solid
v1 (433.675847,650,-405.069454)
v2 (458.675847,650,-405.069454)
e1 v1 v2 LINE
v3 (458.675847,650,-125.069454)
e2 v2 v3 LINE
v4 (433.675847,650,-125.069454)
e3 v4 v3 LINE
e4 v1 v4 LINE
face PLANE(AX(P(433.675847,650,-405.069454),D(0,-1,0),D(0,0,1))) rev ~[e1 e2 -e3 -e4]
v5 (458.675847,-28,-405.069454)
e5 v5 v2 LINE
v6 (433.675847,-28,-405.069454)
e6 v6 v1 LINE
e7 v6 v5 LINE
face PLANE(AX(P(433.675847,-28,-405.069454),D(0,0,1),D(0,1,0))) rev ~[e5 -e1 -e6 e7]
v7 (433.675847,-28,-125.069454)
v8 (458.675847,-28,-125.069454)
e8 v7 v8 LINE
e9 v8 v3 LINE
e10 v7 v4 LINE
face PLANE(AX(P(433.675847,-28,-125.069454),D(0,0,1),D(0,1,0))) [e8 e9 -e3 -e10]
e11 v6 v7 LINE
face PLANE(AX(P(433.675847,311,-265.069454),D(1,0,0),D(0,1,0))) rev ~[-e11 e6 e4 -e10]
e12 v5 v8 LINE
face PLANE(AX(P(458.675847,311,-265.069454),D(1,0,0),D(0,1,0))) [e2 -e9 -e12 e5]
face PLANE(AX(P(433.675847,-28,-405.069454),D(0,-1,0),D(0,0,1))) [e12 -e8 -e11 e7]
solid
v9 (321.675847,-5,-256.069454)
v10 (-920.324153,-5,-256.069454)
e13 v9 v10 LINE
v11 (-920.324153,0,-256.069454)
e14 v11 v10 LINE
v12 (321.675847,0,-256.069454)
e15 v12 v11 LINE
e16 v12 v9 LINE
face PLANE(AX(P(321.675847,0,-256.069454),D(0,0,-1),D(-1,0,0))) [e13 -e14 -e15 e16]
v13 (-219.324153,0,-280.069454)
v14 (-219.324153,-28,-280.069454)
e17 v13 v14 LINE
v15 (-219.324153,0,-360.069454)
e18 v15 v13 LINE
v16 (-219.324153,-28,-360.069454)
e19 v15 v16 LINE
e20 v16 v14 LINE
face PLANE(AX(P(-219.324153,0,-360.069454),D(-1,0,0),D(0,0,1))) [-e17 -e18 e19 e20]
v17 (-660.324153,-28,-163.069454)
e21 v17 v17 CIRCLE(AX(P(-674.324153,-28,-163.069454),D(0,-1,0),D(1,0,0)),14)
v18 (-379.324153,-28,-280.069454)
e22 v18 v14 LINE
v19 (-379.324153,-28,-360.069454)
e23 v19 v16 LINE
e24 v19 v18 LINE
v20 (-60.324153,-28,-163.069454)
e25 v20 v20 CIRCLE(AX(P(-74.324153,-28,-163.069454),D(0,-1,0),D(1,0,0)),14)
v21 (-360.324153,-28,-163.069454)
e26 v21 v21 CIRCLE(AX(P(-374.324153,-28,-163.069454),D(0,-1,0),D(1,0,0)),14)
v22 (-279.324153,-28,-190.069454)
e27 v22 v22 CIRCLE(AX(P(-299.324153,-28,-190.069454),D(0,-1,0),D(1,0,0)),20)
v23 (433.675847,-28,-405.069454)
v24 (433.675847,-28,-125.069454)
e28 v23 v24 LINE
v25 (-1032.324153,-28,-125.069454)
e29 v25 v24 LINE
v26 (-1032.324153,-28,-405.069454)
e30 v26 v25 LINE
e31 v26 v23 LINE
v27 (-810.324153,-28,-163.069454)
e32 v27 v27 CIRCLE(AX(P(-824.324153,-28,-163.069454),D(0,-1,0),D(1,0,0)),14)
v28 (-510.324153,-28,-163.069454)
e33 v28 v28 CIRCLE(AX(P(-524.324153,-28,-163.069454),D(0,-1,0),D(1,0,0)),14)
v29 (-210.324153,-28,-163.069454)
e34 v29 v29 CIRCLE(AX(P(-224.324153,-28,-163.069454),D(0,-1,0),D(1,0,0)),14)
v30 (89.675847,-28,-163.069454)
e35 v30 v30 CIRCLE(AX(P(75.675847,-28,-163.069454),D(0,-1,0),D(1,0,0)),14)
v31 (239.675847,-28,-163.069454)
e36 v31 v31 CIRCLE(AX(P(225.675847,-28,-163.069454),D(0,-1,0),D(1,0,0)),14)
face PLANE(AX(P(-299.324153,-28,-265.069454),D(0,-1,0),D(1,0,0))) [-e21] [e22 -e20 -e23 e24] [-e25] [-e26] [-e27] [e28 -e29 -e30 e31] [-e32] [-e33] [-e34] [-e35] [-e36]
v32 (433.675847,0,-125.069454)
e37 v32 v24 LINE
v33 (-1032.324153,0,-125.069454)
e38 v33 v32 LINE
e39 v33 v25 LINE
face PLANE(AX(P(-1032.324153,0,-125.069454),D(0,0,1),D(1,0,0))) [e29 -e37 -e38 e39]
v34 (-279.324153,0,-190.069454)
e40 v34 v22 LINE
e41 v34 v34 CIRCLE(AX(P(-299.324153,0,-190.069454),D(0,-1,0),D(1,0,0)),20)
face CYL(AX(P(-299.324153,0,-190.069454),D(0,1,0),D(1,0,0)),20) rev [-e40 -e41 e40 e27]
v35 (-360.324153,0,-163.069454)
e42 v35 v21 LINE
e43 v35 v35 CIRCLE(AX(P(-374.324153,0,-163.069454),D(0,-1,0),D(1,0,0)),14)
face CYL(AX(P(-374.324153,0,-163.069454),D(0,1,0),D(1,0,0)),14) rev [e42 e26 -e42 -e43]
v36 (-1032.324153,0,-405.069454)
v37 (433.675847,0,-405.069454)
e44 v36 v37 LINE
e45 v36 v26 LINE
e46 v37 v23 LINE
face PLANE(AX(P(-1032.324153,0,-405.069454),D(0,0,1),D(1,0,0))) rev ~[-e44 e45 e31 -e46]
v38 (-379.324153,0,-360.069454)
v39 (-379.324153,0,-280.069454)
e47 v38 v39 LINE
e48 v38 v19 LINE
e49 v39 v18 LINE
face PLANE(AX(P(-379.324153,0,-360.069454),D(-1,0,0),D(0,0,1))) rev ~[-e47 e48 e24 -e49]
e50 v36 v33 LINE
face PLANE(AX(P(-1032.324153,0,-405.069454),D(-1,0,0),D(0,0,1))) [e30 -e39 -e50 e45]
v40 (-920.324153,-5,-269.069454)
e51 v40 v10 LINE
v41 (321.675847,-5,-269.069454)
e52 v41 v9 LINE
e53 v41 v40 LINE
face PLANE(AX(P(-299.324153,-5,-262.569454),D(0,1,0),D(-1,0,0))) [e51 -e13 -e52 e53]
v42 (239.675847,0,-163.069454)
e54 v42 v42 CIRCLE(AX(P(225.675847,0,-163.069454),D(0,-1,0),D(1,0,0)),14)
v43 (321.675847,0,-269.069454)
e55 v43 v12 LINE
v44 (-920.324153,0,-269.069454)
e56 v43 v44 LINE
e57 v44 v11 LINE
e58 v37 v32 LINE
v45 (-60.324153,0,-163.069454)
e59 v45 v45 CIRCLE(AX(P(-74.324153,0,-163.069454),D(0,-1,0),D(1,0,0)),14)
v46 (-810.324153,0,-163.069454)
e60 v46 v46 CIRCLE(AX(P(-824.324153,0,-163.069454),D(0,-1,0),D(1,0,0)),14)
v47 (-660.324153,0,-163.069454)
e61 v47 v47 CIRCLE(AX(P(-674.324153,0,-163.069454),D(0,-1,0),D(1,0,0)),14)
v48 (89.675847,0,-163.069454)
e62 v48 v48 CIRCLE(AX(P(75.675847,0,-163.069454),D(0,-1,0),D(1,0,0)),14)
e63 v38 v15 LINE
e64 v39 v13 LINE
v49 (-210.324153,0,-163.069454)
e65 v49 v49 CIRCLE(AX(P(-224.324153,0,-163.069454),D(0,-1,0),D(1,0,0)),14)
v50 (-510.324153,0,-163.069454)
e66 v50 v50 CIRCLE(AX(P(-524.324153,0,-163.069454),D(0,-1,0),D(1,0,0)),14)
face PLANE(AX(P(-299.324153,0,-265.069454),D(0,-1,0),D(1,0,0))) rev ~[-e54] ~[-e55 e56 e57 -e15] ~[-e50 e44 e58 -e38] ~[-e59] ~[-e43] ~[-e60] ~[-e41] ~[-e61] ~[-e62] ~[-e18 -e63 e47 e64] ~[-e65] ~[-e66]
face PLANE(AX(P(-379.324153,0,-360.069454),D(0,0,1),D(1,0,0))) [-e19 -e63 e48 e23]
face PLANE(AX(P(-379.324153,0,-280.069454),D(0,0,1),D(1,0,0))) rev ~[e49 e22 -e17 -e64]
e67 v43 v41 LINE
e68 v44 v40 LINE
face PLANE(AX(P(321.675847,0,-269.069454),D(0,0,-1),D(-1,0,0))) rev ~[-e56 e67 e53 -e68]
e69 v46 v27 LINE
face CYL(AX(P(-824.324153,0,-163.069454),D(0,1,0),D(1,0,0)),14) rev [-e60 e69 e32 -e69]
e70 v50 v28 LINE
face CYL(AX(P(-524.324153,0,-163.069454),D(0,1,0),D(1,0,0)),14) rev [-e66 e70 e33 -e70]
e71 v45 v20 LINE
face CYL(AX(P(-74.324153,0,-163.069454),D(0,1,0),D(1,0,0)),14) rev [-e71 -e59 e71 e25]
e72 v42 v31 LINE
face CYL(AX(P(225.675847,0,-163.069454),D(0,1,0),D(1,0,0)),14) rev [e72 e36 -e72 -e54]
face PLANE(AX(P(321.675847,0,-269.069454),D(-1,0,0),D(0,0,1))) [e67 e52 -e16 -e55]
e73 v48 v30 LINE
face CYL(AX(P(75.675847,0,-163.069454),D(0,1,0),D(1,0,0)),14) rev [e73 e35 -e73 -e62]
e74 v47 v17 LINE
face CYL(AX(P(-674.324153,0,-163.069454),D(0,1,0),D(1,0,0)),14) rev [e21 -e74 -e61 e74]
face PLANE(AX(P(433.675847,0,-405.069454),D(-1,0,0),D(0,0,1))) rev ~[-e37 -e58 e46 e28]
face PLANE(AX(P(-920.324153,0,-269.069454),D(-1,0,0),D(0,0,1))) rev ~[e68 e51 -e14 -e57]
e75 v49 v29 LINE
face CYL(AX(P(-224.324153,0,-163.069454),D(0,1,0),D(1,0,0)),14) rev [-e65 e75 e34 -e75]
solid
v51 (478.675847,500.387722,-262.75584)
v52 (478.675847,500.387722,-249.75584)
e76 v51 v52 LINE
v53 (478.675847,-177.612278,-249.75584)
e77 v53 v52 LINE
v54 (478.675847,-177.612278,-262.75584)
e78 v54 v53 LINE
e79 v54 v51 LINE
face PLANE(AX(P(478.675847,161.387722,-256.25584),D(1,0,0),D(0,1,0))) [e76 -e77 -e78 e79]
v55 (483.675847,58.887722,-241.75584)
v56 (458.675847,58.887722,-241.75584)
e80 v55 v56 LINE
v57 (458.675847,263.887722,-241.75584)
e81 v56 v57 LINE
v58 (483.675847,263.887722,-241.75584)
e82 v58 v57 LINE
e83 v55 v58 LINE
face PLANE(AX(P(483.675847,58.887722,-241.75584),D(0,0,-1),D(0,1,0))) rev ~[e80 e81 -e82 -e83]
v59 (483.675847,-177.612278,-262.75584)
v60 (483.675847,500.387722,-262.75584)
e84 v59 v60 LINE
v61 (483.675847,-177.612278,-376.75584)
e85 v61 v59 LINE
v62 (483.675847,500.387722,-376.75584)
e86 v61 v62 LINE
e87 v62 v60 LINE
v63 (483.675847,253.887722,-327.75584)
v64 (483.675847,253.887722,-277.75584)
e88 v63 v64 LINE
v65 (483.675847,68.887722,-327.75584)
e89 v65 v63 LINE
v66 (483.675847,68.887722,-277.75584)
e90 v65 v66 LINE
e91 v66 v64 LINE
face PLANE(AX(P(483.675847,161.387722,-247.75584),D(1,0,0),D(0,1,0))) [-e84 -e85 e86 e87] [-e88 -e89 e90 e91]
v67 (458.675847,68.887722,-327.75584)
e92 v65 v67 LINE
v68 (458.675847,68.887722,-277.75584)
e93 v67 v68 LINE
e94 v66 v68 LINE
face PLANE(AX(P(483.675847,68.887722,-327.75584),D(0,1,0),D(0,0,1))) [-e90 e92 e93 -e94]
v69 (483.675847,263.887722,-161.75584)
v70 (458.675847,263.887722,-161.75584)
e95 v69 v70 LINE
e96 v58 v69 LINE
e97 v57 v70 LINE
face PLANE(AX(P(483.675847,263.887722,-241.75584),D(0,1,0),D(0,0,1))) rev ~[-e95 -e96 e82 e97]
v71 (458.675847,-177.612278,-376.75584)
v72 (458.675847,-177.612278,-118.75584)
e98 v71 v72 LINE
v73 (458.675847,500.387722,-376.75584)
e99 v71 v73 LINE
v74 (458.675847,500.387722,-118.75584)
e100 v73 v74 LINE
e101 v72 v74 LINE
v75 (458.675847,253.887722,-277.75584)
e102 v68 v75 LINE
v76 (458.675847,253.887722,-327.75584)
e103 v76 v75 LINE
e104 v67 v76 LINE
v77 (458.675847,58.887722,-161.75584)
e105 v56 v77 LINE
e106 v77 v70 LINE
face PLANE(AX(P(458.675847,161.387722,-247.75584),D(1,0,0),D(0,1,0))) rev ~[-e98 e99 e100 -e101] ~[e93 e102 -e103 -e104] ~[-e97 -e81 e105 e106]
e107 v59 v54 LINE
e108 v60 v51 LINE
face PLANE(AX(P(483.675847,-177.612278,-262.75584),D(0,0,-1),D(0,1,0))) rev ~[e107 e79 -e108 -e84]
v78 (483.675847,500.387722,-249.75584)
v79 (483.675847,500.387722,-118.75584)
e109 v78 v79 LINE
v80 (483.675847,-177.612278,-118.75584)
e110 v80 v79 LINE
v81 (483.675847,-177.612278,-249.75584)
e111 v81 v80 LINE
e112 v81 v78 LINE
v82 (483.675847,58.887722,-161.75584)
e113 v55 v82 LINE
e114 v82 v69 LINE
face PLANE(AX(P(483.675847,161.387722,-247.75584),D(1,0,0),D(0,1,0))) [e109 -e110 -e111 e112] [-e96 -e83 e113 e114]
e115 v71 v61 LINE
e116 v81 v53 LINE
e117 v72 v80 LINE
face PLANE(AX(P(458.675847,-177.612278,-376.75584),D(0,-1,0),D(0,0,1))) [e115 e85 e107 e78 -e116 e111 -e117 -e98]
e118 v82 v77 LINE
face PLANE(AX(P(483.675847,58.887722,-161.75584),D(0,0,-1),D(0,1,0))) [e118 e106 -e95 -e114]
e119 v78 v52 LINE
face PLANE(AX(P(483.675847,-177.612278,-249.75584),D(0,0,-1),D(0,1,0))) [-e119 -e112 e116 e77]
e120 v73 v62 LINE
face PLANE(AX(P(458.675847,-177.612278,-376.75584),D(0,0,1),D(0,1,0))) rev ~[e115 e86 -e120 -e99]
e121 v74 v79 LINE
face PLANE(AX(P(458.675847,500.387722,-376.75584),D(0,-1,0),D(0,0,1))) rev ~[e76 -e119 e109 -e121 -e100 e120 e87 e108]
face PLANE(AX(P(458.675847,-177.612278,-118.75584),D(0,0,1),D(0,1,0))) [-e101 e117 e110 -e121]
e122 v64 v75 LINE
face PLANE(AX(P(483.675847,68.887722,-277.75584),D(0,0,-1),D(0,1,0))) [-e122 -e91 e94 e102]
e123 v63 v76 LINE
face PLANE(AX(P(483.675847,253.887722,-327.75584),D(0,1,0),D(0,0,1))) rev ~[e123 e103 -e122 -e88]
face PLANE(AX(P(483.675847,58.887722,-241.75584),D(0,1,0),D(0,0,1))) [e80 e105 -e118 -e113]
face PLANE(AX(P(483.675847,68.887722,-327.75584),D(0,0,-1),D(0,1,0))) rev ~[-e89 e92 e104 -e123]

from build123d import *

# Parameters (mm, degrees)
F0_W      = 1466
F0_H      = 280
F0_W_2    = 160
F0_H_2    = 80
F0_R      = 14
F0_R_2    = 20
F1_DEPTH  = 28
F2_W      = 678
F2_H      = 280
F3_DEPTH  = 25
F4_W      = 1242
F4_H      = 13
F5_DEPTH  = 5
F6_W      = 678
F6_H      = 258
F7_DEPTH  = 25
F8_W      = 205
F8_H      = 80
F8_W_2    = 185
F8_H_2    = 50
F9_DEPTH  = 25
F10_W     = 678
F10_H     = 13
F11_DEPTH = 5


with BuildPart() as f1:
    # F0 (on Front) → F1 (new body)
    with BuildSketch(Plane.XZ):
        with Locations((-299.3241530657, -265.0694537163)):
            Rectangle(F0_W, F0_H)
        with Locations((-299.3241530657, -320.0694537163)):
            Rectangle(F0_W_2, F0_H_2, mode=Mode.SUBTRACT)
        with Locations((-824.3241530657, -163.0694537163)):
            Circle(F0_R, mode=Mode.SUBTRACT)
        with Locations((-674.3241530657, -163.0694537163)):
            Circle(F0_R, mode=Mode.SUBTRACT)
        with Locations((-524.3241530657, -163.0694537163)):
            Circle(F0_R, mode=Mode.SUBTRACT)
        with Locations((-374.3241530657, -163.0694537163)):
            Circle(F0_R, mode=Mode.SUBTRACT)
        with Locations((-299.3241530657, -190.0694537163)):
            Circle(F0_R_2, mode=Mode.SUBTRACT)
        with Locations((-224.3241530657, -163.0694537163)):
            Circle(F0_R, mode=Mode.SUBTRACT)
        with Locations((-74.3241530657, -163.0694537163)):
            Circle(F0_R, mode=Mode.SUBTRACT)
        with Locations((75.6758469343, -163.0694537163)):
            Circle(F0_R, mode=Mode.SUBTRACT)
        with Locations((225.6758469343, -163.0694537163)):
            Circle(F0_R, mode=Mode.SUBTRACT)
    extrude(amount=F1_DEPTH)

    # F4 (on face) → F5 (cut)
    with BuildSketch(Plane(origin=(0, 0, 0), x_dir=(-1, 0, 0), z_dir=(0, 1, 0))):
        with Locations((299.3241530657, -262.5694537163)):
            Rectangle(F4_W, F4_H)
    extrude(amount=-F5_DEPTH, mode=Mode.SUBTRACT)


with BuildPart() as f3:
    # F2 (on face) → F3 (new body)
    with BuildSketch(Plane.YZ.offset(433.6758469343)):
        with Locations((311, -265.0694537163)):
            Rectangle(F2_W, F2_H)
    extrude(amount=F3_DEPTH)


with BuildPart() as f7:
    # F6 (on face) → F7 (new body)
    with BuildSketch(Plane.YZ.offset(458.6758469343)):
        with Locations((161.3877224861, -247.7558404207)):
            Rectangle(F6_W, F6_H)
    extrude(amount=F7_DEPTH)

    # F8 (on face) → F9 (cut, through all)
    with BuildSketch(Plane.YZ.offset(483.6758469343)):
        with Locations((161.3877224861, -201.7558404207)):
            Rectangle(F8_W, F8_H)
        with Locations((161.3877224861, -302.7558404207)):
            Rectangle(F8_W_2, F8_H_2)
    extrude(amount=-F9_DEPTH, mode=Mode.SUBTRACT)

    # F10 (on face) → F11 (cut)
    with BuildSketch(Plane.YZ.offset(483.6758469343)):
        with Locations((161.3877224861, -256.2558404207)):
            Rectangle(F10_W, F10_H)
    extrude(amount=-F11_DEPTH, mode=Mode.SUBTRACT)


solid = Compound([f1.part, f3.part, f7.part])
